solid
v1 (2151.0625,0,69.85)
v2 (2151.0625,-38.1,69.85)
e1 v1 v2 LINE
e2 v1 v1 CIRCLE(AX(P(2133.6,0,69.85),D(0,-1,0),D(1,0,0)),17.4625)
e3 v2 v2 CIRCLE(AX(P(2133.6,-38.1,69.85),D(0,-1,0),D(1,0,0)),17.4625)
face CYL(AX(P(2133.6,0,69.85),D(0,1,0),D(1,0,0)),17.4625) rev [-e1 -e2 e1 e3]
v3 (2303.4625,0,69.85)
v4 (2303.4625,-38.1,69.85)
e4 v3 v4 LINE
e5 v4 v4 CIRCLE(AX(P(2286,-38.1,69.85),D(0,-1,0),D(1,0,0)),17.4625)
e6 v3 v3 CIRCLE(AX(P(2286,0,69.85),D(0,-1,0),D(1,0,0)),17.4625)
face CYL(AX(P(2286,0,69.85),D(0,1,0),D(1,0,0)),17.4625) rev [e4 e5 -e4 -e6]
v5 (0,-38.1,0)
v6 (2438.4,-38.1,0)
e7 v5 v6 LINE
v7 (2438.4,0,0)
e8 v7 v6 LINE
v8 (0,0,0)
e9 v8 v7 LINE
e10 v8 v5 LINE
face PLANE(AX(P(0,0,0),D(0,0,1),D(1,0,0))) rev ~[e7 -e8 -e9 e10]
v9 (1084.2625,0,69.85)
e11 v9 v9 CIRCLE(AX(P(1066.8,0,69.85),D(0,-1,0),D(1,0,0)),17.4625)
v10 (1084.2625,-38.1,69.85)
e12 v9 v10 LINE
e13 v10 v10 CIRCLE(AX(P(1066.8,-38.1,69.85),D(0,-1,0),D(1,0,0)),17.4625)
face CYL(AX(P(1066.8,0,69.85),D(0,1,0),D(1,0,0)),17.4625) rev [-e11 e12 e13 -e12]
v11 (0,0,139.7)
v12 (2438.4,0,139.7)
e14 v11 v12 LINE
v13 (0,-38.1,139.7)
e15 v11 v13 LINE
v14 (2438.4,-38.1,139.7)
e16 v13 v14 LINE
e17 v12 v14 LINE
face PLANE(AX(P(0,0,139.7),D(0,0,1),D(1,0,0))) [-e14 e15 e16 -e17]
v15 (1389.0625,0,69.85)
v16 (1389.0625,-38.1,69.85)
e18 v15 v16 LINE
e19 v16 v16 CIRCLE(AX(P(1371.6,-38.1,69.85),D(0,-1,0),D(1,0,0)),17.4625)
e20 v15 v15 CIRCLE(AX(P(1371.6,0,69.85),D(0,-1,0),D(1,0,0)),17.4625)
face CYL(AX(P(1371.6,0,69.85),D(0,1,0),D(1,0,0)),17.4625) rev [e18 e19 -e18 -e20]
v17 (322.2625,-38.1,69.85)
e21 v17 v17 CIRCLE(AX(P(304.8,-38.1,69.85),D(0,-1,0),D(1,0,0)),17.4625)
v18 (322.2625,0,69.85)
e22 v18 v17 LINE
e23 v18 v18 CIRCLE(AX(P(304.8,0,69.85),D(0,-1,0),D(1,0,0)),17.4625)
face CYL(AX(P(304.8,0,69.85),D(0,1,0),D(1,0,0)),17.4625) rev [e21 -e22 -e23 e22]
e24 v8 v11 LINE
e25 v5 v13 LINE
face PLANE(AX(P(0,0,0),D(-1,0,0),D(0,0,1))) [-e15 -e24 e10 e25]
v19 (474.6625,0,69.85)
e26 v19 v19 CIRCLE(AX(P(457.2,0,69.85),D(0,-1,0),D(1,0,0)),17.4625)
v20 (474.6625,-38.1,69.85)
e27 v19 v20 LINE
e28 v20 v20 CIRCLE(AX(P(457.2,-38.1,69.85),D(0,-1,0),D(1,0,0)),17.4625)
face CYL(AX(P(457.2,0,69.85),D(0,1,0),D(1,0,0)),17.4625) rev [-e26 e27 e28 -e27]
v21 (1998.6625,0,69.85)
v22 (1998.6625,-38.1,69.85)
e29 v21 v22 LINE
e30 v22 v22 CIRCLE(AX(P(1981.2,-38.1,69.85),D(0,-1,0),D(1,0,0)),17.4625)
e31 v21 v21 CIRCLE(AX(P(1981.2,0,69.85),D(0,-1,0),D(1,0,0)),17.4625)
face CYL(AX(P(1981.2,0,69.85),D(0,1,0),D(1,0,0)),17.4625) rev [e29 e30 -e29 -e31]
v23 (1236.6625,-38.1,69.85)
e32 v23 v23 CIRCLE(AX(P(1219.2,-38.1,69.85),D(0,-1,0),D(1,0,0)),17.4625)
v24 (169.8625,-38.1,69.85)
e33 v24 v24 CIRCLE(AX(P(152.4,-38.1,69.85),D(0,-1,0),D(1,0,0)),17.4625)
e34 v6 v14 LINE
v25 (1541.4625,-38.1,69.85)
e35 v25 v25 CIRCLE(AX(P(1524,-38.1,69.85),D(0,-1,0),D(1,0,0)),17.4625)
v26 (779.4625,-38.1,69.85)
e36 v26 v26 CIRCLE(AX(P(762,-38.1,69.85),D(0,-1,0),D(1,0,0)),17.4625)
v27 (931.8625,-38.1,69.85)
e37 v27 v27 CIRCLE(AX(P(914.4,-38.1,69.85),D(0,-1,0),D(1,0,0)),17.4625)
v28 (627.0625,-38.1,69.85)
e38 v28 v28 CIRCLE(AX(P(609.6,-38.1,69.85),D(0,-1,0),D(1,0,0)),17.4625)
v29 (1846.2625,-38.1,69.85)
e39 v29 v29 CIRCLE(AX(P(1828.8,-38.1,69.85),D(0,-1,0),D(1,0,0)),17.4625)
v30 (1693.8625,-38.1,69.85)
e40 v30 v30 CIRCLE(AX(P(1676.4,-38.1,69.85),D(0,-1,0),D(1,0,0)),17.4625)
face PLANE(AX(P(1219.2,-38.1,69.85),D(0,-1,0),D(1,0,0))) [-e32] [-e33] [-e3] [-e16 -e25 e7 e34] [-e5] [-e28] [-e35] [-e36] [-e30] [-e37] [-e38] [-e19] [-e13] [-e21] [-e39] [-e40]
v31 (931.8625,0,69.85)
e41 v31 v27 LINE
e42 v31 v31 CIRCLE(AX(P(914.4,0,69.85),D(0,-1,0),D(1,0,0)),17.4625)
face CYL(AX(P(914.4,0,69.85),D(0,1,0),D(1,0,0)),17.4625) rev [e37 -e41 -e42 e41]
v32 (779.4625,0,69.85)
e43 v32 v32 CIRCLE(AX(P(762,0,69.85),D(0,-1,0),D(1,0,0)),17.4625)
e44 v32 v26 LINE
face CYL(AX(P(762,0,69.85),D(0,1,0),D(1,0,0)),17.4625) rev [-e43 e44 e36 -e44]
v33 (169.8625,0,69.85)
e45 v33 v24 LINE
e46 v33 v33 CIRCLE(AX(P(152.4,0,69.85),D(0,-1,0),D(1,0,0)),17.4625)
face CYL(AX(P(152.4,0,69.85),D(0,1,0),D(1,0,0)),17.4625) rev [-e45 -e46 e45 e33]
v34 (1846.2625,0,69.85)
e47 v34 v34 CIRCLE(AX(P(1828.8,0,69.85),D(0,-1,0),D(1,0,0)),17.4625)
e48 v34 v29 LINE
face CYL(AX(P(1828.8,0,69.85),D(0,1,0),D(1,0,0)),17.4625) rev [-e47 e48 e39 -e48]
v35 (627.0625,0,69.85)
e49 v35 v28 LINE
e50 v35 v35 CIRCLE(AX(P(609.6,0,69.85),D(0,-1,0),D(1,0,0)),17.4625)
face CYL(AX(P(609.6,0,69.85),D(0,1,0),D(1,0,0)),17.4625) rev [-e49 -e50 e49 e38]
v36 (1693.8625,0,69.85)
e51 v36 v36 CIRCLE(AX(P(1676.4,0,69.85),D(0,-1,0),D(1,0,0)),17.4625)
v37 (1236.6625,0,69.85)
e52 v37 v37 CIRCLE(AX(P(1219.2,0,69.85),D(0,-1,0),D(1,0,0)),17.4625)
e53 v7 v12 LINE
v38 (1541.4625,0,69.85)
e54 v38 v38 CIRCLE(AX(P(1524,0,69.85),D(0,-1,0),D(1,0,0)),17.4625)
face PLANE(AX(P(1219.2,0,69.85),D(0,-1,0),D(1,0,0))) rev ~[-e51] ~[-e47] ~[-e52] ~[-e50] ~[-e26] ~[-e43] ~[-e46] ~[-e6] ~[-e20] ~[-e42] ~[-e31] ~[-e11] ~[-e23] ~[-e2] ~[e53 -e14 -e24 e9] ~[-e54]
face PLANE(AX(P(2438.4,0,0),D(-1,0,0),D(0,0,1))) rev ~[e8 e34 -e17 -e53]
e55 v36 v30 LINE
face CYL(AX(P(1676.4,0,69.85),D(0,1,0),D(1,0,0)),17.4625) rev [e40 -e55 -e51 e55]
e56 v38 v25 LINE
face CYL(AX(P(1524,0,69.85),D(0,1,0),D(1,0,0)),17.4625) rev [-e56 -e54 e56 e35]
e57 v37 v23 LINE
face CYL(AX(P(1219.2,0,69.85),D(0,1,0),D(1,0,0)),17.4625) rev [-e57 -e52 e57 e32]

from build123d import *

# Parameters (mm, degrees)
F0_W     = 2438.4
F0_H     = 139.7
F0_R     = 17.4625
F1_DEPTH = 38.1


with BuildPart() as f1:
    # F0 (on Front) → F1 (new body)
    with BuildSketch(Plane.XZ):
        with Locations((1219.2, 69.85)):
            Rectangle(F0_W, F0_H)
        with Locations((152.4, 69.85)):
            Circle(F0_R, mode=Mode.SUBTRACT)
        with Locations((304.8, 69.85)):
            Circle(F0_R, mode=Mode.SUBTRACT)
        with Locations((457.2, 69.85)):
            Circle(F0_R, mode=Mode.SUBTRACT)
        with Locations((609.6, 69.85)):
            Circle(F0_R, mode=Mode.SUBTRACT)
        with Locations((762, 69.85)):
            Circle(F0_R, mode=Mode.SUBTRACT)
        with Locations((914.4, 69.85)):
            Circle(F0_R, mode=Mode.SUBTRACT)
        with Locations((1066.8, 69.85)):
            Circle(F0_R, mode=Mode.SUBTRACT)
        with Locations((1219.2, 69.85)):
            Circle(F0_R, mode=Mode.SUBTRACT)
        with Locations((1371.6, 69.85)):
            Circle(F0_R, mode=Mode.SUBTRACT)
        with Locations((1524, 69.85)):
            Circle(F0_R, mode=Mode.SUBTRACT)
        with Locations((1676.4, 69.85)):
            Circle(F0_R, mode=Mode.SUBTRACT)
        with Locations((1828.8, 69.85)):
            Circle(F0_R, mode=Mode.SUBTRACT)
        with Locations((1981.2, 69.85)):
            Circle(F0_R, mode=Mode.SUBTRACT)
        with Locations((2133.6, 69.85)):
            Circle(F0_R, mode=Mode.SUBTRACT)
        with Locations((2286, 69.85)):
            Circle(F0_R, mode=Mode.SUBTRACT)
    extrude(amount=F1_DEPTH)


solid = f1.part
